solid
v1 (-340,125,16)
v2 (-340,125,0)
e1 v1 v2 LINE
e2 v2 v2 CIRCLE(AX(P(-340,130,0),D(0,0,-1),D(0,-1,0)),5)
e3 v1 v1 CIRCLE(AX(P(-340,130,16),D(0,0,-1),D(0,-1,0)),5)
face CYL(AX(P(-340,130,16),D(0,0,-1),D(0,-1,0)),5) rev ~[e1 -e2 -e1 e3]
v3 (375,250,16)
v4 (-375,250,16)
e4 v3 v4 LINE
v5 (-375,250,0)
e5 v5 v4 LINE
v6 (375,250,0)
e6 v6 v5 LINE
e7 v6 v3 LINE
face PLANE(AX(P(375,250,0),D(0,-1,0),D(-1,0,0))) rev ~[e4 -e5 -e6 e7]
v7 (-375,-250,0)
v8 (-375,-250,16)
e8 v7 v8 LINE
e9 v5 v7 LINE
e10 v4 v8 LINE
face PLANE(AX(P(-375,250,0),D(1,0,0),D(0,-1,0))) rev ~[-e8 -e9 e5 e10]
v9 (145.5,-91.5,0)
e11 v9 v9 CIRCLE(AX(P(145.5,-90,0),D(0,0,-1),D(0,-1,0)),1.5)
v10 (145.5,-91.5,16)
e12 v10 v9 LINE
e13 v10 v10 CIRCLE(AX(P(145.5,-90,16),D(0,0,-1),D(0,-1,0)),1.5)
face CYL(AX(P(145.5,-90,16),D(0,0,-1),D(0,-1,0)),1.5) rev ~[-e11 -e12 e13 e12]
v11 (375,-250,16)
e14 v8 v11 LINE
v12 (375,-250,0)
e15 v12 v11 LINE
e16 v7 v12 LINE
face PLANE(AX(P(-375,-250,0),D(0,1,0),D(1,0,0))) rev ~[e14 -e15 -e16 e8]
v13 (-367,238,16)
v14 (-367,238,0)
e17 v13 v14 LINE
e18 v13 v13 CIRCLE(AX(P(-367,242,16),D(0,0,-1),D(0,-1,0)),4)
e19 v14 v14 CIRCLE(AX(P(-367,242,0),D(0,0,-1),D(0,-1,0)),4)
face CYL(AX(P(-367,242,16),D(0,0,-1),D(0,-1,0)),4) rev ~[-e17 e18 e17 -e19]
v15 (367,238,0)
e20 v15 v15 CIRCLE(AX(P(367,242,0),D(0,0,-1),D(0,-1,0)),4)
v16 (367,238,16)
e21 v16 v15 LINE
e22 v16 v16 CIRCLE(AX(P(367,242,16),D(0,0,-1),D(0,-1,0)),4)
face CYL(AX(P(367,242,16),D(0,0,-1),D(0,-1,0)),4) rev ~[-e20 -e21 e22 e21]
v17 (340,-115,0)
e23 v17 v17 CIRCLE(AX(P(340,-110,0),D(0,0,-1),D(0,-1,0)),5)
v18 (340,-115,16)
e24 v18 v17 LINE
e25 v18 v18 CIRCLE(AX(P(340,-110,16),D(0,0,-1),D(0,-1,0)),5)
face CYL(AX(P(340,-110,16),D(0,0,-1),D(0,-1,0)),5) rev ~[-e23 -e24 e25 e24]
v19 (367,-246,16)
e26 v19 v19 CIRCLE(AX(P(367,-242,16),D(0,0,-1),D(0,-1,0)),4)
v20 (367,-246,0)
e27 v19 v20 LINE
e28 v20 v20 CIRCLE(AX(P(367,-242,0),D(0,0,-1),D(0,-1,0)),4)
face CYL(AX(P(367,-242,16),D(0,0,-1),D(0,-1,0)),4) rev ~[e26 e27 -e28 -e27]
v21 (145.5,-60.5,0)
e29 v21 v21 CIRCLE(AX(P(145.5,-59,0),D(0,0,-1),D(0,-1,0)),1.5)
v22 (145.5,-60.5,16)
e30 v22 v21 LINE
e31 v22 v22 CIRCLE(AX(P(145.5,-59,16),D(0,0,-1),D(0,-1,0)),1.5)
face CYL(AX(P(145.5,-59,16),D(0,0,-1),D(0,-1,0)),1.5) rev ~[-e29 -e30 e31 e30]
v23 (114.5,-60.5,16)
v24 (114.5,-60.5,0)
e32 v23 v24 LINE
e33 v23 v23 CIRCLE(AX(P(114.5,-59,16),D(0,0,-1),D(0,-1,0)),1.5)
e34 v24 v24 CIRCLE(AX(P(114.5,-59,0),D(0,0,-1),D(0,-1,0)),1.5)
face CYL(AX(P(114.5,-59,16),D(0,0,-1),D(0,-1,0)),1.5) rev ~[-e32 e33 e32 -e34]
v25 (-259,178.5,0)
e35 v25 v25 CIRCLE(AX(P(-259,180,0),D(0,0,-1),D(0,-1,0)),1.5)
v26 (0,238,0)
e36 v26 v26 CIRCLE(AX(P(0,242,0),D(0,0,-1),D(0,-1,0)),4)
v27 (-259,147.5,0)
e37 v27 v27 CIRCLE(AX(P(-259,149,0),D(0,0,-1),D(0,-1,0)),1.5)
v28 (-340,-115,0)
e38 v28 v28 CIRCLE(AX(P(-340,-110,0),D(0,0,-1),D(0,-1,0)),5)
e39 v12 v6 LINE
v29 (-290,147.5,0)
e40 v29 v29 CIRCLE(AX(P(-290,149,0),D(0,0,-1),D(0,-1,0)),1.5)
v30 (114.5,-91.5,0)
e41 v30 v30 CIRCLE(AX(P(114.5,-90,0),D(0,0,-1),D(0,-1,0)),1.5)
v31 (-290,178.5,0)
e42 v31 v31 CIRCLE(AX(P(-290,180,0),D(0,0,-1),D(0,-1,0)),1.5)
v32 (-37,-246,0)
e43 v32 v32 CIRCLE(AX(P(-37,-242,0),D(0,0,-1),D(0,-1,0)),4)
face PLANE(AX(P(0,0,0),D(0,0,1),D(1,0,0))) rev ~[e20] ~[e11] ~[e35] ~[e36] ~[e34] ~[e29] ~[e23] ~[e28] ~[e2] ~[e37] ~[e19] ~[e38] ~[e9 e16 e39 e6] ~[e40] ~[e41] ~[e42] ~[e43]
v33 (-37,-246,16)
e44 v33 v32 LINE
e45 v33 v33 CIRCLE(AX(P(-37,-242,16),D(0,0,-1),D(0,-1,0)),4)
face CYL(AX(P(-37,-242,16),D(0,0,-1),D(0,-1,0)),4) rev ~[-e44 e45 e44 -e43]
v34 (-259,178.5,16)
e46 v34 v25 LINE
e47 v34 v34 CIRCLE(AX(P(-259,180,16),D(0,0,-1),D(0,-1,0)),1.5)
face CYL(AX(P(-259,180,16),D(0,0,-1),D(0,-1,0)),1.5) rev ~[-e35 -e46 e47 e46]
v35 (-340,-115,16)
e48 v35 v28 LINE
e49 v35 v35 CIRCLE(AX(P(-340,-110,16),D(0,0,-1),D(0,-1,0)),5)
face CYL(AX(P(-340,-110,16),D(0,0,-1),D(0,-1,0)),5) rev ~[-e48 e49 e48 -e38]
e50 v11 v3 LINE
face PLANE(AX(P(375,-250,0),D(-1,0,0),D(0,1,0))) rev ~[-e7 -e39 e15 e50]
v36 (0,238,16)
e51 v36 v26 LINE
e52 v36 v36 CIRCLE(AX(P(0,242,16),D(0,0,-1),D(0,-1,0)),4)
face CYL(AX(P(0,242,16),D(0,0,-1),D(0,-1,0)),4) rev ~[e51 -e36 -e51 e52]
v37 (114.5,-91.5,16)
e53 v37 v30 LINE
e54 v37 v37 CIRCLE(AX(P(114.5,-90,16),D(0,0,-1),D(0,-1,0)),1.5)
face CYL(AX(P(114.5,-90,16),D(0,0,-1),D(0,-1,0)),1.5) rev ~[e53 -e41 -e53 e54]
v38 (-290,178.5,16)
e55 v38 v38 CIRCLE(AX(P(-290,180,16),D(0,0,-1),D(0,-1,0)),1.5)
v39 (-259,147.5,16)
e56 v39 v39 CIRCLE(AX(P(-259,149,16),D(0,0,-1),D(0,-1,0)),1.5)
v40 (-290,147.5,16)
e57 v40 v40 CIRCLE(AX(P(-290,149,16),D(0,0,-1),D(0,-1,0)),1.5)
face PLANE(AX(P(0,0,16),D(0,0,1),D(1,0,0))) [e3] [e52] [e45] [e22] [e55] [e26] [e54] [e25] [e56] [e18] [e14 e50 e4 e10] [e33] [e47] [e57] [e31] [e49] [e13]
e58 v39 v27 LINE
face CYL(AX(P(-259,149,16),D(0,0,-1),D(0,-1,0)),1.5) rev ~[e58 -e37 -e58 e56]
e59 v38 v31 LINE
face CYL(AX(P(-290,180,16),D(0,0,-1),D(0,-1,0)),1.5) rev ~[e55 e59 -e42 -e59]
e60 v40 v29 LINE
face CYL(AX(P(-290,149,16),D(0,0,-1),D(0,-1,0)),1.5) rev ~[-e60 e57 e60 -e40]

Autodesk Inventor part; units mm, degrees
ref_plane "YZ Plane" through (0, 0, 0) normal (1, 0, 0) x (0, 1, 0)
ref_plane "XZ Plane" through (0, 0, 0) normal (0, 1, 0) x (-1, 0, 0)
ref_plane "XY Plane" through (0, 0, 0) normal (0, 0, 1) x (1, 0, 0)
sketch "Skizze1" plane through (0, 0, 0) normal (0, 0, 1) x (1, 0, 0)
  line L0 (-375, -250) -> (375, -250)
  line L1 (375, -250) -> (375, 250)
  line L2 (375, 250) -> (-375, 250)
  line L3 (-375, 250) -> (-375, -250)
  line L4 (-375, -250) -> (375, 250) construction
  line L5 (375, -250) -> (-375, 250) construction
  point P0 (0, 0)
  dimension "d0" = 750
  dimension "d1" = 500
extrude "Extrusion1" add sketch "Skizze1" along normal blind 16
sketch "Skizze5" plane through (0, 0, 16) normal (0, 0, 1) x (1, 0, 0)
  line L0 (375, -250) -> (375, 250) projected
  line L1 (375, 250) -> (-375, 250) projected
  line L2 (-375, 250) -> (-375, -250) projected
  line L3 (-375, -250) -> (375, -250) projected
  point P0 (0, 0)
  point P1 (340, -110)
  point P2 (-340, -110)
  point P3 (-340, 130)
  dimension "d39" = 140
  dimension "d40" = 140
  dimension "d41" = 35
  dimension "d42" = 35
  dimension "d44" = 120
  dimension "d57" = 35
hole "Bohrung4" at (340, -110, 16) at (-340, -110, 16) at (-340, 130, 16) direction (0, 0, -1) diameter 10 end through all
sketch "Skizze6" plane through (0, 0, 16) normal (0, 0, 1) x (1, 0, 0)
  circle A0 centre (-340, 130) radius 5 projected
  point P0 (0, 0)
  point P1 (-290, 149)
  point P2 (-259, 149)
  point P3 (-259, 180)
  point P4 (-290, 180)
  dimension "d59" = 31
  dimension "d60" = 31
  dimension "d65" = 50
  dimension "d66" = 50
hole "Bohrung5" at (-290, 149, 16) at (-259, 149, 16) at (-259, 180, 16) at (-290, 180, 16) direction (0, 0, -1) diameter 3 end through all
sketch "Skizze8" plane through (0, 0, 16) normal (0, 0, 1) x (1, 0, 0)
  line L0 (375, -250) -> (375, 250) projected
  line L1 (-375, -250) -> (375, -250) projected
  point P0 (0, 0)
  point P1 (114.5, -59)
  point P2 (145.5, -59)
  point P3 (114.5, -90)
  point P4 (145.5, -90)
  dimension "d85" = 31
  dimension "d86" = 31
  dimension "d87" = 160
  dimension "d88" = 229.5
hole "Bohrung7" at (114.5, -59, 16) at (145.5, -59, 16) at (114.5, -90, 16) at (145.5, -90, 16) direction (0, 0, -1) diameter 3 end through all
sketch "Skizze9" plane through (0, 0, 16) normal (0, 0, 1) x (1, 0, 0)
  line L0 (375, -250) -> (375, 250) projected
  line L1 (375, 250) -> (-375, 250) projected
  line L2 (-375, 250) -> (-375, -250) projected
  line L3 (-375, -250) -> (375, -250) projected
  point P0 (0, 0)
  point P1 (-367, 242)
  point P2 (0, 242)
  point P3 (367, 242)
  point P4 (367, -242)
  point P5 (-37, -242)
  dimension "d96" = 8
  dimension "d97" = 8
  dimension "d98" = 8
  dimension "d99" = 8
  dimension "d107" = 338
hole "Bohrung8" at (-367, 242, 16) at (0, 242, 16) at (367, 242, 16) at (367, -242, 16) at (-37, -242, 16) direction (0, 0, -1) diameter 8 depth 20 tip angle 118
equation "\"d98\" = d97"
equation "\"d99\" = d96"
properties part number "Seite" material "Holz (Birke)"
